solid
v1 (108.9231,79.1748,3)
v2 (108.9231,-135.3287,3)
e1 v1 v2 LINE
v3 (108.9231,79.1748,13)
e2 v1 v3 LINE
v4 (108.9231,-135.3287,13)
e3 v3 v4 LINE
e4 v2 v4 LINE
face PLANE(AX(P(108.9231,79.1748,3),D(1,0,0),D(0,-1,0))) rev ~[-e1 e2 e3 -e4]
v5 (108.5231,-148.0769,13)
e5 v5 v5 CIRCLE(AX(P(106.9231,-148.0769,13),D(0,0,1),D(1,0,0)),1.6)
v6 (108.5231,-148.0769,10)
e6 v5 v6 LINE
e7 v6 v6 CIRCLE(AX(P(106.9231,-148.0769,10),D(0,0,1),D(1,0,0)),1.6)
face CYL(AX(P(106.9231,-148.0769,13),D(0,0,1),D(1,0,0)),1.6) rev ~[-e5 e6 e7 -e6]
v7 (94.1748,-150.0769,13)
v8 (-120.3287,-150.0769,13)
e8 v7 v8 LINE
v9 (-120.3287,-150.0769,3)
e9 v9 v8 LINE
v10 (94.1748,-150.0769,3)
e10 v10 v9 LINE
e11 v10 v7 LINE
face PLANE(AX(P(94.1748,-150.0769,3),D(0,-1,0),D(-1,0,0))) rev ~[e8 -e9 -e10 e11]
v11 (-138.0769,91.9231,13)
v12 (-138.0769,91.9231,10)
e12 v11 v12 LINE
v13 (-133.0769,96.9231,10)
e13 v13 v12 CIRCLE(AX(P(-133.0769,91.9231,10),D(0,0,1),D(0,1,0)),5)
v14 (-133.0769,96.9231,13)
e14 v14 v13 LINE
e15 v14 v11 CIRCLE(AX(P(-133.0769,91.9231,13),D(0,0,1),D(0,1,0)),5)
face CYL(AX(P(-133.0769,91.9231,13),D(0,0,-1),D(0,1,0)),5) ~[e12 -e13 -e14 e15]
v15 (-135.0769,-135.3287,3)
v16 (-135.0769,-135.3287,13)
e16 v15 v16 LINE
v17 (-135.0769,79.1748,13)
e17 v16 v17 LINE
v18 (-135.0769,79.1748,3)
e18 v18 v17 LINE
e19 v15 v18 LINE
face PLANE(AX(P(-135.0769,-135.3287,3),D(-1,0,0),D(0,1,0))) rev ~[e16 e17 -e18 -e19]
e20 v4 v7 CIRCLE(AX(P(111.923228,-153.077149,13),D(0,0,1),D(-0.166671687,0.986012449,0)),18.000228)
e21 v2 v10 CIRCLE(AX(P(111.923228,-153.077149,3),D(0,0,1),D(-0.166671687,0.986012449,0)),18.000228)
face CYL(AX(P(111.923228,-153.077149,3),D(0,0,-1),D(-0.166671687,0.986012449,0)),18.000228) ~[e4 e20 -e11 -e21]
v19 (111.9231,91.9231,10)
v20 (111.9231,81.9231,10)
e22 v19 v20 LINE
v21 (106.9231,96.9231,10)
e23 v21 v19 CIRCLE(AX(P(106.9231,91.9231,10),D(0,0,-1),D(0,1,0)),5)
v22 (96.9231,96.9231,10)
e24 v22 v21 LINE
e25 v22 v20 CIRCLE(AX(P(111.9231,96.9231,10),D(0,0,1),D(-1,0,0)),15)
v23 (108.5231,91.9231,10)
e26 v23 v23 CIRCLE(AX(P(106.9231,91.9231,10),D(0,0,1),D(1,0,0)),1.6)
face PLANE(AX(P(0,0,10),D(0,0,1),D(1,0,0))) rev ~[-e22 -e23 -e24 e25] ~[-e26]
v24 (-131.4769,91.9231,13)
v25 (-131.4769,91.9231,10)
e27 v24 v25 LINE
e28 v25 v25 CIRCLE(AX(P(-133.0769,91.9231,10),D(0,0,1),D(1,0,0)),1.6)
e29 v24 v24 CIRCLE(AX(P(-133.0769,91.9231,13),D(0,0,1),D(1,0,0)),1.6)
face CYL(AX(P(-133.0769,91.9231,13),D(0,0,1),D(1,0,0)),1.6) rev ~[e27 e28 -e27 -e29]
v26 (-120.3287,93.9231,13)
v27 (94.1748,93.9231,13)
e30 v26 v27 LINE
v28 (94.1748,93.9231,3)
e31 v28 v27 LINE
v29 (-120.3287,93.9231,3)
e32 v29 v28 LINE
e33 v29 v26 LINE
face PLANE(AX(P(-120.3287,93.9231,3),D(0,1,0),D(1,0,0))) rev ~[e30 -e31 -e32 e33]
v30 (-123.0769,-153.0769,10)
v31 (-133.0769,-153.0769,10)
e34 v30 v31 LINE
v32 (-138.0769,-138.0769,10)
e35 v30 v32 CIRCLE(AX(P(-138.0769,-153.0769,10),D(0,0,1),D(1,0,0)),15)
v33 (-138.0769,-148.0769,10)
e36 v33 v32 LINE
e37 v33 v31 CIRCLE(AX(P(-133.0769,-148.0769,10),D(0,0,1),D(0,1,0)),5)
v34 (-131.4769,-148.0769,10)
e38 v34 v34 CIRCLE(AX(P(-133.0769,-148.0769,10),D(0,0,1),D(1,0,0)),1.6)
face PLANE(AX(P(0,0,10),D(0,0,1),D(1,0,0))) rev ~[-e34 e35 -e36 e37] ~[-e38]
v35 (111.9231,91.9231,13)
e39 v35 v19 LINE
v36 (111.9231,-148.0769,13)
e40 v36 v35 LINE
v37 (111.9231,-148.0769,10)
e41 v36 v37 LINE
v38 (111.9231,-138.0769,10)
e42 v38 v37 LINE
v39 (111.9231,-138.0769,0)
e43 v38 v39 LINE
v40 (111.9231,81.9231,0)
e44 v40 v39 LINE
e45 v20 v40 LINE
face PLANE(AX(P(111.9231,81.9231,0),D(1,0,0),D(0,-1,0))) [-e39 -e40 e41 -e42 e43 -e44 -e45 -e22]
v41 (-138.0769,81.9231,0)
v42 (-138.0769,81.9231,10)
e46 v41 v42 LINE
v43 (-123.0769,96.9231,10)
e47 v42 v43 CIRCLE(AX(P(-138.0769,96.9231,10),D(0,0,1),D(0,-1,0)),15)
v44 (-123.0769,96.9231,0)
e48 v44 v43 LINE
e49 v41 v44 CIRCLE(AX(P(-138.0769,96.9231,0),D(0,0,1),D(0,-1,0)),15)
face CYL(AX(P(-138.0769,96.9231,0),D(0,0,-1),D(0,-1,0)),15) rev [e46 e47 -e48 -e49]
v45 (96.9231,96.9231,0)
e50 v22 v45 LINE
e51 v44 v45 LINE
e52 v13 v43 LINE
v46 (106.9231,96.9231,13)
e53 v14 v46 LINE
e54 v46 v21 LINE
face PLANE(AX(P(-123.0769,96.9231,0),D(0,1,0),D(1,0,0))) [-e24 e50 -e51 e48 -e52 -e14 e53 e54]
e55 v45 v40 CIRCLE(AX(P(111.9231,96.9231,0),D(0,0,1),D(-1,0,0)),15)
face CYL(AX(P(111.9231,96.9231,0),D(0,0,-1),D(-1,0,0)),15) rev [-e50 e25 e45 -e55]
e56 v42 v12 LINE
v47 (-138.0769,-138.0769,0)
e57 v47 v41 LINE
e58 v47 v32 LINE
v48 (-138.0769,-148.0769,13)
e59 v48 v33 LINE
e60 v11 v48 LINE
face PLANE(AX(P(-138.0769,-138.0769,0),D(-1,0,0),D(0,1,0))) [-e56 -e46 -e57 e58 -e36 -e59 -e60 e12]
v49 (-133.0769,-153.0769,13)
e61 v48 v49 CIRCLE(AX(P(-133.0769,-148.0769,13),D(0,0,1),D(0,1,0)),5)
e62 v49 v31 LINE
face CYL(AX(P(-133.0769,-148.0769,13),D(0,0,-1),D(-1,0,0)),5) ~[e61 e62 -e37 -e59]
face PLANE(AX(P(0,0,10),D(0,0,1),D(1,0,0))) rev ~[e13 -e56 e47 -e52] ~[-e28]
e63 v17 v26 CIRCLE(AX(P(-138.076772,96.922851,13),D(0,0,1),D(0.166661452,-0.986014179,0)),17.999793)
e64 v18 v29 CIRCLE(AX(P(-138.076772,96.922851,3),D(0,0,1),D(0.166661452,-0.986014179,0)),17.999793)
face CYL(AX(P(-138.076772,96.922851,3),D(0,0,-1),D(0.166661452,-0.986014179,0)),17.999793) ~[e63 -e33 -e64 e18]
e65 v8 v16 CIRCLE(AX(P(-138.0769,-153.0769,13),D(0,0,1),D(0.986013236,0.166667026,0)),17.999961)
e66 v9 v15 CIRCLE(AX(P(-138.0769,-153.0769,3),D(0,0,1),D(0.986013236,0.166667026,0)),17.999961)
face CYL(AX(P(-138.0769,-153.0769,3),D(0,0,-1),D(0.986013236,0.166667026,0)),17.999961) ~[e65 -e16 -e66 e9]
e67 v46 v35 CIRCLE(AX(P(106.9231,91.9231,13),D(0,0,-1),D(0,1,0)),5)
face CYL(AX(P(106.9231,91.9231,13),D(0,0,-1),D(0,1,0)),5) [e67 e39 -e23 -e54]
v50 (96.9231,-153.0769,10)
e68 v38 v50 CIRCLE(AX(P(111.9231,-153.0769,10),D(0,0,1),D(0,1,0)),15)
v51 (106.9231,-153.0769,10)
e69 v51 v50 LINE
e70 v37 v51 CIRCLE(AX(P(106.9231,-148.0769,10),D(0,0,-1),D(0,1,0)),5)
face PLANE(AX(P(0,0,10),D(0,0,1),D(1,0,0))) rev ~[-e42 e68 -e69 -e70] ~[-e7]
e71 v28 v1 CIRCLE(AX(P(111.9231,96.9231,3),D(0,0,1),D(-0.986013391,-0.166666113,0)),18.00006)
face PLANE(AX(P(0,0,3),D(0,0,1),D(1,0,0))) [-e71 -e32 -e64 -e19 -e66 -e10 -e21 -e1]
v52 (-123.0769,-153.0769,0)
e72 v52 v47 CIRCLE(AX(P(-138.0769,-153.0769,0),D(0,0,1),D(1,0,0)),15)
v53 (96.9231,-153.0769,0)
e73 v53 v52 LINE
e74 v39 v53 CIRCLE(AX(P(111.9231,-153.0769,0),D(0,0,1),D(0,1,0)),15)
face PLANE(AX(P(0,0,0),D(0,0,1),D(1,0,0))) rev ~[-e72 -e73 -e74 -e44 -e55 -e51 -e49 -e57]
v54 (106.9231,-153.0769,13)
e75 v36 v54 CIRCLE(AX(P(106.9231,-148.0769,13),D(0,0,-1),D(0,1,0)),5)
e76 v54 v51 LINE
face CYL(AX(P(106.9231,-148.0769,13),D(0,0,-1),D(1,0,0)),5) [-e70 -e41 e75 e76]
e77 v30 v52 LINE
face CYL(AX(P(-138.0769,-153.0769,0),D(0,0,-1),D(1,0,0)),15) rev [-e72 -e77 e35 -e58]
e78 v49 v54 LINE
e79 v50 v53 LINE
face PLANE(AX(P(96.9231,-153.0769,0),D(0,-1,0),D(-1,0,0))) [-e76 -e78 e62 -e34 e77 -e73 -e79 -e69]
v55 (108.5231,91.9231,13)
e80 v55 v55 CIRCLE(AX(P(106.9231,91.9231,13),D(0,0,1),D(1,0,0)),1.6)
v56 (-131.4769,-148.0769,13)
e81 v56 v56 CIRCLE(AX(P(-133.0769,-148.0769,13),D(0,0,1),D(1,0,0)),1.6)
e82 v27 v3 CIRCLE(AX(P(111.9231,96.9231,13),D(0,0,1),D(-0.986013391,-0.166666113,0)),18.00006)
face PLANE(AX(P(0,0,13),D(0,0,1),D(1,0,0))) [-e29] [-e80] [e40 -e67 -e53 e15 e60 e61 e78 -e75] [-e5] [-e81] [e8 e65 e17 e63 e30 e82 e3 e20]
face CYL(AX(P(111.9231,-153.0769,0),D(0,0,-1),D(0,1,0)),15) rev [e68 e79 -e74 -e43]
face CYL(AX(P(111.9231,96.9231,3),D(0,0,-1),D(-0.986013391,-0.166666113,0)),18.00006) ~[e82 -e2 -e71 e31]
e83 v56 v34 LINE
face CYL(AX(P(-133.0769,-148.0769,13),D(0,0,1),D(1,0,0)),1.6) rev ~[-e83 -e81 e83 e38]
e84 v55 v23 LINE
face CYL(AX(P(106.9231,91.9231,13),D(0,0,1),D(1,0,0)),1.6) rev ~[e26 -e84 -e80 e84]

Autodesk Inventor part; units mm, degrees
ref_plane "YZ Plane" through (0, 0, 0) normal (1, 0, 0) x (0, 1, 0)
ref_plane "XZ Plane" through (0, 0, 0) normal (0, 1, 0) x (-1, 0, 0)
ref_plane "XY Plane" through (0, 0, 0) normal (0, 0, 1) x (1, 0, 0)
sketch "Sketch1" plane through (0, 0, 0) normal (0, 0, 1) x (1, 0, 0)
  line L0 (-123.0769, 96.9231) -> (96.9231, 96.9231)
  line L1 (111.9231, 81.9231) -> (111.9231, -138.0769)
  line L2 (96.9231, -153.0769) -> (-123.0769, -153.0769)
  line L3 (-138.0769, -138.0769) -> (-138.0769, 81.9231)
  arc A0 (-138.0769, 81.9231) -> (-123.0769, 96.9231) centre (-138.0769, 96.9231) ccw
  arc A1 (96.9231, 96.9231) -> (111.9231, 81.9231) centre (111.9231, 96.9231) ccw
  arc A2 (111.9231, -138.0769) -> (96.9231, -153.0769) centre (111.9231, -153.0769) ccw
  arc A3 (-123.0769, -153.0769) -> (-138.0769, -138.0769) centre (-138.0769, -153.0769) ccw
  point P0 (0, 0)
  dimension "d4" = 30
  dimension "d5" = 30
  dimension "d6" = 30
  dimension "d7" = 30
  dimension "d27" = 250
  dimension "d28" = 250
extrude "Extrusion1" add sketch "Sketch1" along normal blind 3
sketch "Sketch2" plane through (0, 0, 3) normal (0, 0, 1) x (1, 0, 0)
  line L0 (-123.0769, -153.0769) -> (96.9231, -153.0769) projected
  arc A0 (111.9231, -138.0769) -> (96.9231, -153.0769) centre (111.9231, -153.0769) ccw projected
  line L1 (111.9231, -138.0769) -> (111.9231, 81.9231) projected
  arc A1 (96.9231, 96.9231) -> (111.9231, 81.9231) centre (111.9231, 96.9231) ccw projected
  line L2 (96.9231, 96.9231) -> (-123.0769, 96.9231) projected
  arc A2 (-138.0769, 81.9231) -> (-123.0769, 96.9231) centre (-138.0769, 96.9231) ccw projected
  line L3 (-138.0769, 81.9231) -> (-138.0769, -138.0769) projected
  arc A3 (-123.0769, -153.0769) -> (-138.0769, -138.0769) centre (-138.0769, -153.0769) ccw projected
  line L4 (-120.3287, 93.9231) -> (94.1748, 93.9231)
  arc A4 (94.1748, 93.9231) -> (108.9231, 79.1748) centre (111.9231, 96.9231) ccw
  line L5 (108.9231, 79.1748) -> (108.9231, -135.3287)
  arc A5 (108.9231, -135.3287) -> (94.1748, -150.0769) centre (111.9231, -153.0769) ccw
  line L6 (94.1748, -150.0769) -> (-120.3287, -150.0769)
  arc A6 (-120.3287, -150.0769) -> (-135.0769, -135.3287) centre (-138.0769, -153.0769) ccw
  line L7 (-135.0769, -135.3287) -> (-135.0769, 79.1748)
  arc A7 (-135.0769, 79.1748) -> (-120.3287, 93.9231) centre (-138.0769, 96.9231) ccw
  point P0 (0, 0)
  dimension "d8" = 3
extrude "Extrusion2" add sketch "Sketch2" along normal blind 10
sketch "Sketch3" plane through (0, 0, 13) normal (0, 0, 1) x (1, 0, 0)
  line L0 (96.9231, 96.9231) -> (-123.0769, 96.9231) projected
  line L1 (-138.0769, 81.9231) -> (-138.0769, -138.0769) projected
  line L2 (111.9231, -138.0769) -> (111.9231, 81.9231) projected
  line L3 (-123.0769, -153.0769) -> (96.9231, -153.0769) projected
  arc A0 (111.9231, -138.0769) -> (96.9231, -153.0769) centre (111.9231, -153.0769) ccw projected
  arc A1 (-123.0769, -153.0769) -> (-138.0769, -138.0769) centre (-138.0769, -153.0769) ccw projected
  arc A2 (-138.0769, 81.9231) -> (-123.0769, 96.9231) centre (-138.0769, 96.9231) ccw projected
  arc A3 (96.9231, 96.9231) -> (111.9231, 81.9231) centre (111.9231, 96.9231) ccw projected
  line L4 (-138.0769, 96.9231) -> (111.9231, 96.9231)
  line L5 (111.9231, 96.9231) -> (111.9231, -153.0769)
  line L6 (111.9231, -153.0769) -> (-138.0769, -153.0769)
  line L7 (-138.0769, -153.0769) -> (-138.0769, 96.9231)
  point P0 (0, 0)
  point P1 (106.9231, 96.9231)
  point P2 (-133.0769, 86.9231)
  point P3 (116.9231, -143.0769)
  point P4 (111.9231, -138.0769)
  point P5 (-138.0769, -138.0769)
  point P6 (-123.0769, -153.0769)
  point P7 (-133.0769, 86.9231)
  point P8 (111.9231, 81.9231)
  point P9 (96.9231, 96.9231)
extrude "Extrusion3" add sketch "Sketch3" against normal blind 3 contours L4 L5 A3 | A2 L7 L4 | L5 L6 A0 | A1 L6 L7
fillet "Fillet1" radius 5 4 edges at (111.9231, -153.0769, 11.5) (-138.0769, -153.0769, 11.5) (111.9231, 96.9231, 11.5) (-138.0769, 96.9231, 11.5)
sketch "Sketch4" plane through (0, 0, 13) normal (0, 0, 1) x (1, 0, 0)
  arc A0 (-133.0769, 96.9231) -> (-138.0769, 91.9231) centre (-133.0769, 91.9231) ccw projected
  line L0 (-138.0769, 91.9231) -> (-138.0769, -148.0769) projected
  arc A1 (-138.0769, -148.0769) -> (-133.0769, -153.0769) centre (-133.0769, -148.0769) ccw projected
  line L1 (-133.0769, -153.0769) -> (106.9231, -153.0769) projected
  arc A2 (106.9231, -153.0769) -> (111.9231, -148.0769) centre (106.9231, -148.0769) ccw projected
  line L2 (111.9231, -148.0769) -> (111.9231, 91.9231) projected
  arc A3 (111.9231, 91.9231) -> (106.9231, 96.9231) centre (106.9231, 91.9231) ccw projected
  line L3 (106.9231, 96.9231) -> (-133.0769, 96.9231) projected
  line L4 (-120.3287, 93.9231) -> (94.1748, 93.9231) projected
  arc A4 (94.1748, 93.9231) -> (108.9231, 79.1748) centre (111.9231, 96.9231) ccw projected
  line L5 (108.9231, 79.1748) -> (108.9231, -135.3287) projected
  arc A5 (108.9231, -135.3287) -> (94.1748, -150.0769) centre (111.9231, -153.0769) ccw projected
  line L6 (94.1748, -150.0769) -> (-120.3287, -150.0769) projected
  arc A6 (-120.3287, -150.0769) -> (-135.0769, -135.3287) centre (-138.0769, -153.0769) ccw projected
  line L7 (-135.0769, -135.3287) -> (-135.0769, 79.1748) projected
  arc A7 (-135.0769, 79.1748) -> (-120.3287, 93.9231) centre (-138.0769, 96.9231) ccw projected
  circle A8 centre (-133.0769, 91.9231) radius 1.6
  circle A9 centre (-133.0769, -148.0769) radius 1.6
  circle A10 centre (106.9231, 91.9231) radius 1.6
  circle A11 centre (106.9231, -148.0769) radius 1.6
  point P0 (0, 0)
  dimension "d14" = 3.2
  dimension "d15" = 5
  dimension "d16" = 5
  dimension "d19" = 240
  dimension "d22" = 240
extrude "Extrusion4" cut sketch "Sketch4" against normal blind 3 contours A8 | A9 | A10 | A11
properties part number "Enclosure cover"
